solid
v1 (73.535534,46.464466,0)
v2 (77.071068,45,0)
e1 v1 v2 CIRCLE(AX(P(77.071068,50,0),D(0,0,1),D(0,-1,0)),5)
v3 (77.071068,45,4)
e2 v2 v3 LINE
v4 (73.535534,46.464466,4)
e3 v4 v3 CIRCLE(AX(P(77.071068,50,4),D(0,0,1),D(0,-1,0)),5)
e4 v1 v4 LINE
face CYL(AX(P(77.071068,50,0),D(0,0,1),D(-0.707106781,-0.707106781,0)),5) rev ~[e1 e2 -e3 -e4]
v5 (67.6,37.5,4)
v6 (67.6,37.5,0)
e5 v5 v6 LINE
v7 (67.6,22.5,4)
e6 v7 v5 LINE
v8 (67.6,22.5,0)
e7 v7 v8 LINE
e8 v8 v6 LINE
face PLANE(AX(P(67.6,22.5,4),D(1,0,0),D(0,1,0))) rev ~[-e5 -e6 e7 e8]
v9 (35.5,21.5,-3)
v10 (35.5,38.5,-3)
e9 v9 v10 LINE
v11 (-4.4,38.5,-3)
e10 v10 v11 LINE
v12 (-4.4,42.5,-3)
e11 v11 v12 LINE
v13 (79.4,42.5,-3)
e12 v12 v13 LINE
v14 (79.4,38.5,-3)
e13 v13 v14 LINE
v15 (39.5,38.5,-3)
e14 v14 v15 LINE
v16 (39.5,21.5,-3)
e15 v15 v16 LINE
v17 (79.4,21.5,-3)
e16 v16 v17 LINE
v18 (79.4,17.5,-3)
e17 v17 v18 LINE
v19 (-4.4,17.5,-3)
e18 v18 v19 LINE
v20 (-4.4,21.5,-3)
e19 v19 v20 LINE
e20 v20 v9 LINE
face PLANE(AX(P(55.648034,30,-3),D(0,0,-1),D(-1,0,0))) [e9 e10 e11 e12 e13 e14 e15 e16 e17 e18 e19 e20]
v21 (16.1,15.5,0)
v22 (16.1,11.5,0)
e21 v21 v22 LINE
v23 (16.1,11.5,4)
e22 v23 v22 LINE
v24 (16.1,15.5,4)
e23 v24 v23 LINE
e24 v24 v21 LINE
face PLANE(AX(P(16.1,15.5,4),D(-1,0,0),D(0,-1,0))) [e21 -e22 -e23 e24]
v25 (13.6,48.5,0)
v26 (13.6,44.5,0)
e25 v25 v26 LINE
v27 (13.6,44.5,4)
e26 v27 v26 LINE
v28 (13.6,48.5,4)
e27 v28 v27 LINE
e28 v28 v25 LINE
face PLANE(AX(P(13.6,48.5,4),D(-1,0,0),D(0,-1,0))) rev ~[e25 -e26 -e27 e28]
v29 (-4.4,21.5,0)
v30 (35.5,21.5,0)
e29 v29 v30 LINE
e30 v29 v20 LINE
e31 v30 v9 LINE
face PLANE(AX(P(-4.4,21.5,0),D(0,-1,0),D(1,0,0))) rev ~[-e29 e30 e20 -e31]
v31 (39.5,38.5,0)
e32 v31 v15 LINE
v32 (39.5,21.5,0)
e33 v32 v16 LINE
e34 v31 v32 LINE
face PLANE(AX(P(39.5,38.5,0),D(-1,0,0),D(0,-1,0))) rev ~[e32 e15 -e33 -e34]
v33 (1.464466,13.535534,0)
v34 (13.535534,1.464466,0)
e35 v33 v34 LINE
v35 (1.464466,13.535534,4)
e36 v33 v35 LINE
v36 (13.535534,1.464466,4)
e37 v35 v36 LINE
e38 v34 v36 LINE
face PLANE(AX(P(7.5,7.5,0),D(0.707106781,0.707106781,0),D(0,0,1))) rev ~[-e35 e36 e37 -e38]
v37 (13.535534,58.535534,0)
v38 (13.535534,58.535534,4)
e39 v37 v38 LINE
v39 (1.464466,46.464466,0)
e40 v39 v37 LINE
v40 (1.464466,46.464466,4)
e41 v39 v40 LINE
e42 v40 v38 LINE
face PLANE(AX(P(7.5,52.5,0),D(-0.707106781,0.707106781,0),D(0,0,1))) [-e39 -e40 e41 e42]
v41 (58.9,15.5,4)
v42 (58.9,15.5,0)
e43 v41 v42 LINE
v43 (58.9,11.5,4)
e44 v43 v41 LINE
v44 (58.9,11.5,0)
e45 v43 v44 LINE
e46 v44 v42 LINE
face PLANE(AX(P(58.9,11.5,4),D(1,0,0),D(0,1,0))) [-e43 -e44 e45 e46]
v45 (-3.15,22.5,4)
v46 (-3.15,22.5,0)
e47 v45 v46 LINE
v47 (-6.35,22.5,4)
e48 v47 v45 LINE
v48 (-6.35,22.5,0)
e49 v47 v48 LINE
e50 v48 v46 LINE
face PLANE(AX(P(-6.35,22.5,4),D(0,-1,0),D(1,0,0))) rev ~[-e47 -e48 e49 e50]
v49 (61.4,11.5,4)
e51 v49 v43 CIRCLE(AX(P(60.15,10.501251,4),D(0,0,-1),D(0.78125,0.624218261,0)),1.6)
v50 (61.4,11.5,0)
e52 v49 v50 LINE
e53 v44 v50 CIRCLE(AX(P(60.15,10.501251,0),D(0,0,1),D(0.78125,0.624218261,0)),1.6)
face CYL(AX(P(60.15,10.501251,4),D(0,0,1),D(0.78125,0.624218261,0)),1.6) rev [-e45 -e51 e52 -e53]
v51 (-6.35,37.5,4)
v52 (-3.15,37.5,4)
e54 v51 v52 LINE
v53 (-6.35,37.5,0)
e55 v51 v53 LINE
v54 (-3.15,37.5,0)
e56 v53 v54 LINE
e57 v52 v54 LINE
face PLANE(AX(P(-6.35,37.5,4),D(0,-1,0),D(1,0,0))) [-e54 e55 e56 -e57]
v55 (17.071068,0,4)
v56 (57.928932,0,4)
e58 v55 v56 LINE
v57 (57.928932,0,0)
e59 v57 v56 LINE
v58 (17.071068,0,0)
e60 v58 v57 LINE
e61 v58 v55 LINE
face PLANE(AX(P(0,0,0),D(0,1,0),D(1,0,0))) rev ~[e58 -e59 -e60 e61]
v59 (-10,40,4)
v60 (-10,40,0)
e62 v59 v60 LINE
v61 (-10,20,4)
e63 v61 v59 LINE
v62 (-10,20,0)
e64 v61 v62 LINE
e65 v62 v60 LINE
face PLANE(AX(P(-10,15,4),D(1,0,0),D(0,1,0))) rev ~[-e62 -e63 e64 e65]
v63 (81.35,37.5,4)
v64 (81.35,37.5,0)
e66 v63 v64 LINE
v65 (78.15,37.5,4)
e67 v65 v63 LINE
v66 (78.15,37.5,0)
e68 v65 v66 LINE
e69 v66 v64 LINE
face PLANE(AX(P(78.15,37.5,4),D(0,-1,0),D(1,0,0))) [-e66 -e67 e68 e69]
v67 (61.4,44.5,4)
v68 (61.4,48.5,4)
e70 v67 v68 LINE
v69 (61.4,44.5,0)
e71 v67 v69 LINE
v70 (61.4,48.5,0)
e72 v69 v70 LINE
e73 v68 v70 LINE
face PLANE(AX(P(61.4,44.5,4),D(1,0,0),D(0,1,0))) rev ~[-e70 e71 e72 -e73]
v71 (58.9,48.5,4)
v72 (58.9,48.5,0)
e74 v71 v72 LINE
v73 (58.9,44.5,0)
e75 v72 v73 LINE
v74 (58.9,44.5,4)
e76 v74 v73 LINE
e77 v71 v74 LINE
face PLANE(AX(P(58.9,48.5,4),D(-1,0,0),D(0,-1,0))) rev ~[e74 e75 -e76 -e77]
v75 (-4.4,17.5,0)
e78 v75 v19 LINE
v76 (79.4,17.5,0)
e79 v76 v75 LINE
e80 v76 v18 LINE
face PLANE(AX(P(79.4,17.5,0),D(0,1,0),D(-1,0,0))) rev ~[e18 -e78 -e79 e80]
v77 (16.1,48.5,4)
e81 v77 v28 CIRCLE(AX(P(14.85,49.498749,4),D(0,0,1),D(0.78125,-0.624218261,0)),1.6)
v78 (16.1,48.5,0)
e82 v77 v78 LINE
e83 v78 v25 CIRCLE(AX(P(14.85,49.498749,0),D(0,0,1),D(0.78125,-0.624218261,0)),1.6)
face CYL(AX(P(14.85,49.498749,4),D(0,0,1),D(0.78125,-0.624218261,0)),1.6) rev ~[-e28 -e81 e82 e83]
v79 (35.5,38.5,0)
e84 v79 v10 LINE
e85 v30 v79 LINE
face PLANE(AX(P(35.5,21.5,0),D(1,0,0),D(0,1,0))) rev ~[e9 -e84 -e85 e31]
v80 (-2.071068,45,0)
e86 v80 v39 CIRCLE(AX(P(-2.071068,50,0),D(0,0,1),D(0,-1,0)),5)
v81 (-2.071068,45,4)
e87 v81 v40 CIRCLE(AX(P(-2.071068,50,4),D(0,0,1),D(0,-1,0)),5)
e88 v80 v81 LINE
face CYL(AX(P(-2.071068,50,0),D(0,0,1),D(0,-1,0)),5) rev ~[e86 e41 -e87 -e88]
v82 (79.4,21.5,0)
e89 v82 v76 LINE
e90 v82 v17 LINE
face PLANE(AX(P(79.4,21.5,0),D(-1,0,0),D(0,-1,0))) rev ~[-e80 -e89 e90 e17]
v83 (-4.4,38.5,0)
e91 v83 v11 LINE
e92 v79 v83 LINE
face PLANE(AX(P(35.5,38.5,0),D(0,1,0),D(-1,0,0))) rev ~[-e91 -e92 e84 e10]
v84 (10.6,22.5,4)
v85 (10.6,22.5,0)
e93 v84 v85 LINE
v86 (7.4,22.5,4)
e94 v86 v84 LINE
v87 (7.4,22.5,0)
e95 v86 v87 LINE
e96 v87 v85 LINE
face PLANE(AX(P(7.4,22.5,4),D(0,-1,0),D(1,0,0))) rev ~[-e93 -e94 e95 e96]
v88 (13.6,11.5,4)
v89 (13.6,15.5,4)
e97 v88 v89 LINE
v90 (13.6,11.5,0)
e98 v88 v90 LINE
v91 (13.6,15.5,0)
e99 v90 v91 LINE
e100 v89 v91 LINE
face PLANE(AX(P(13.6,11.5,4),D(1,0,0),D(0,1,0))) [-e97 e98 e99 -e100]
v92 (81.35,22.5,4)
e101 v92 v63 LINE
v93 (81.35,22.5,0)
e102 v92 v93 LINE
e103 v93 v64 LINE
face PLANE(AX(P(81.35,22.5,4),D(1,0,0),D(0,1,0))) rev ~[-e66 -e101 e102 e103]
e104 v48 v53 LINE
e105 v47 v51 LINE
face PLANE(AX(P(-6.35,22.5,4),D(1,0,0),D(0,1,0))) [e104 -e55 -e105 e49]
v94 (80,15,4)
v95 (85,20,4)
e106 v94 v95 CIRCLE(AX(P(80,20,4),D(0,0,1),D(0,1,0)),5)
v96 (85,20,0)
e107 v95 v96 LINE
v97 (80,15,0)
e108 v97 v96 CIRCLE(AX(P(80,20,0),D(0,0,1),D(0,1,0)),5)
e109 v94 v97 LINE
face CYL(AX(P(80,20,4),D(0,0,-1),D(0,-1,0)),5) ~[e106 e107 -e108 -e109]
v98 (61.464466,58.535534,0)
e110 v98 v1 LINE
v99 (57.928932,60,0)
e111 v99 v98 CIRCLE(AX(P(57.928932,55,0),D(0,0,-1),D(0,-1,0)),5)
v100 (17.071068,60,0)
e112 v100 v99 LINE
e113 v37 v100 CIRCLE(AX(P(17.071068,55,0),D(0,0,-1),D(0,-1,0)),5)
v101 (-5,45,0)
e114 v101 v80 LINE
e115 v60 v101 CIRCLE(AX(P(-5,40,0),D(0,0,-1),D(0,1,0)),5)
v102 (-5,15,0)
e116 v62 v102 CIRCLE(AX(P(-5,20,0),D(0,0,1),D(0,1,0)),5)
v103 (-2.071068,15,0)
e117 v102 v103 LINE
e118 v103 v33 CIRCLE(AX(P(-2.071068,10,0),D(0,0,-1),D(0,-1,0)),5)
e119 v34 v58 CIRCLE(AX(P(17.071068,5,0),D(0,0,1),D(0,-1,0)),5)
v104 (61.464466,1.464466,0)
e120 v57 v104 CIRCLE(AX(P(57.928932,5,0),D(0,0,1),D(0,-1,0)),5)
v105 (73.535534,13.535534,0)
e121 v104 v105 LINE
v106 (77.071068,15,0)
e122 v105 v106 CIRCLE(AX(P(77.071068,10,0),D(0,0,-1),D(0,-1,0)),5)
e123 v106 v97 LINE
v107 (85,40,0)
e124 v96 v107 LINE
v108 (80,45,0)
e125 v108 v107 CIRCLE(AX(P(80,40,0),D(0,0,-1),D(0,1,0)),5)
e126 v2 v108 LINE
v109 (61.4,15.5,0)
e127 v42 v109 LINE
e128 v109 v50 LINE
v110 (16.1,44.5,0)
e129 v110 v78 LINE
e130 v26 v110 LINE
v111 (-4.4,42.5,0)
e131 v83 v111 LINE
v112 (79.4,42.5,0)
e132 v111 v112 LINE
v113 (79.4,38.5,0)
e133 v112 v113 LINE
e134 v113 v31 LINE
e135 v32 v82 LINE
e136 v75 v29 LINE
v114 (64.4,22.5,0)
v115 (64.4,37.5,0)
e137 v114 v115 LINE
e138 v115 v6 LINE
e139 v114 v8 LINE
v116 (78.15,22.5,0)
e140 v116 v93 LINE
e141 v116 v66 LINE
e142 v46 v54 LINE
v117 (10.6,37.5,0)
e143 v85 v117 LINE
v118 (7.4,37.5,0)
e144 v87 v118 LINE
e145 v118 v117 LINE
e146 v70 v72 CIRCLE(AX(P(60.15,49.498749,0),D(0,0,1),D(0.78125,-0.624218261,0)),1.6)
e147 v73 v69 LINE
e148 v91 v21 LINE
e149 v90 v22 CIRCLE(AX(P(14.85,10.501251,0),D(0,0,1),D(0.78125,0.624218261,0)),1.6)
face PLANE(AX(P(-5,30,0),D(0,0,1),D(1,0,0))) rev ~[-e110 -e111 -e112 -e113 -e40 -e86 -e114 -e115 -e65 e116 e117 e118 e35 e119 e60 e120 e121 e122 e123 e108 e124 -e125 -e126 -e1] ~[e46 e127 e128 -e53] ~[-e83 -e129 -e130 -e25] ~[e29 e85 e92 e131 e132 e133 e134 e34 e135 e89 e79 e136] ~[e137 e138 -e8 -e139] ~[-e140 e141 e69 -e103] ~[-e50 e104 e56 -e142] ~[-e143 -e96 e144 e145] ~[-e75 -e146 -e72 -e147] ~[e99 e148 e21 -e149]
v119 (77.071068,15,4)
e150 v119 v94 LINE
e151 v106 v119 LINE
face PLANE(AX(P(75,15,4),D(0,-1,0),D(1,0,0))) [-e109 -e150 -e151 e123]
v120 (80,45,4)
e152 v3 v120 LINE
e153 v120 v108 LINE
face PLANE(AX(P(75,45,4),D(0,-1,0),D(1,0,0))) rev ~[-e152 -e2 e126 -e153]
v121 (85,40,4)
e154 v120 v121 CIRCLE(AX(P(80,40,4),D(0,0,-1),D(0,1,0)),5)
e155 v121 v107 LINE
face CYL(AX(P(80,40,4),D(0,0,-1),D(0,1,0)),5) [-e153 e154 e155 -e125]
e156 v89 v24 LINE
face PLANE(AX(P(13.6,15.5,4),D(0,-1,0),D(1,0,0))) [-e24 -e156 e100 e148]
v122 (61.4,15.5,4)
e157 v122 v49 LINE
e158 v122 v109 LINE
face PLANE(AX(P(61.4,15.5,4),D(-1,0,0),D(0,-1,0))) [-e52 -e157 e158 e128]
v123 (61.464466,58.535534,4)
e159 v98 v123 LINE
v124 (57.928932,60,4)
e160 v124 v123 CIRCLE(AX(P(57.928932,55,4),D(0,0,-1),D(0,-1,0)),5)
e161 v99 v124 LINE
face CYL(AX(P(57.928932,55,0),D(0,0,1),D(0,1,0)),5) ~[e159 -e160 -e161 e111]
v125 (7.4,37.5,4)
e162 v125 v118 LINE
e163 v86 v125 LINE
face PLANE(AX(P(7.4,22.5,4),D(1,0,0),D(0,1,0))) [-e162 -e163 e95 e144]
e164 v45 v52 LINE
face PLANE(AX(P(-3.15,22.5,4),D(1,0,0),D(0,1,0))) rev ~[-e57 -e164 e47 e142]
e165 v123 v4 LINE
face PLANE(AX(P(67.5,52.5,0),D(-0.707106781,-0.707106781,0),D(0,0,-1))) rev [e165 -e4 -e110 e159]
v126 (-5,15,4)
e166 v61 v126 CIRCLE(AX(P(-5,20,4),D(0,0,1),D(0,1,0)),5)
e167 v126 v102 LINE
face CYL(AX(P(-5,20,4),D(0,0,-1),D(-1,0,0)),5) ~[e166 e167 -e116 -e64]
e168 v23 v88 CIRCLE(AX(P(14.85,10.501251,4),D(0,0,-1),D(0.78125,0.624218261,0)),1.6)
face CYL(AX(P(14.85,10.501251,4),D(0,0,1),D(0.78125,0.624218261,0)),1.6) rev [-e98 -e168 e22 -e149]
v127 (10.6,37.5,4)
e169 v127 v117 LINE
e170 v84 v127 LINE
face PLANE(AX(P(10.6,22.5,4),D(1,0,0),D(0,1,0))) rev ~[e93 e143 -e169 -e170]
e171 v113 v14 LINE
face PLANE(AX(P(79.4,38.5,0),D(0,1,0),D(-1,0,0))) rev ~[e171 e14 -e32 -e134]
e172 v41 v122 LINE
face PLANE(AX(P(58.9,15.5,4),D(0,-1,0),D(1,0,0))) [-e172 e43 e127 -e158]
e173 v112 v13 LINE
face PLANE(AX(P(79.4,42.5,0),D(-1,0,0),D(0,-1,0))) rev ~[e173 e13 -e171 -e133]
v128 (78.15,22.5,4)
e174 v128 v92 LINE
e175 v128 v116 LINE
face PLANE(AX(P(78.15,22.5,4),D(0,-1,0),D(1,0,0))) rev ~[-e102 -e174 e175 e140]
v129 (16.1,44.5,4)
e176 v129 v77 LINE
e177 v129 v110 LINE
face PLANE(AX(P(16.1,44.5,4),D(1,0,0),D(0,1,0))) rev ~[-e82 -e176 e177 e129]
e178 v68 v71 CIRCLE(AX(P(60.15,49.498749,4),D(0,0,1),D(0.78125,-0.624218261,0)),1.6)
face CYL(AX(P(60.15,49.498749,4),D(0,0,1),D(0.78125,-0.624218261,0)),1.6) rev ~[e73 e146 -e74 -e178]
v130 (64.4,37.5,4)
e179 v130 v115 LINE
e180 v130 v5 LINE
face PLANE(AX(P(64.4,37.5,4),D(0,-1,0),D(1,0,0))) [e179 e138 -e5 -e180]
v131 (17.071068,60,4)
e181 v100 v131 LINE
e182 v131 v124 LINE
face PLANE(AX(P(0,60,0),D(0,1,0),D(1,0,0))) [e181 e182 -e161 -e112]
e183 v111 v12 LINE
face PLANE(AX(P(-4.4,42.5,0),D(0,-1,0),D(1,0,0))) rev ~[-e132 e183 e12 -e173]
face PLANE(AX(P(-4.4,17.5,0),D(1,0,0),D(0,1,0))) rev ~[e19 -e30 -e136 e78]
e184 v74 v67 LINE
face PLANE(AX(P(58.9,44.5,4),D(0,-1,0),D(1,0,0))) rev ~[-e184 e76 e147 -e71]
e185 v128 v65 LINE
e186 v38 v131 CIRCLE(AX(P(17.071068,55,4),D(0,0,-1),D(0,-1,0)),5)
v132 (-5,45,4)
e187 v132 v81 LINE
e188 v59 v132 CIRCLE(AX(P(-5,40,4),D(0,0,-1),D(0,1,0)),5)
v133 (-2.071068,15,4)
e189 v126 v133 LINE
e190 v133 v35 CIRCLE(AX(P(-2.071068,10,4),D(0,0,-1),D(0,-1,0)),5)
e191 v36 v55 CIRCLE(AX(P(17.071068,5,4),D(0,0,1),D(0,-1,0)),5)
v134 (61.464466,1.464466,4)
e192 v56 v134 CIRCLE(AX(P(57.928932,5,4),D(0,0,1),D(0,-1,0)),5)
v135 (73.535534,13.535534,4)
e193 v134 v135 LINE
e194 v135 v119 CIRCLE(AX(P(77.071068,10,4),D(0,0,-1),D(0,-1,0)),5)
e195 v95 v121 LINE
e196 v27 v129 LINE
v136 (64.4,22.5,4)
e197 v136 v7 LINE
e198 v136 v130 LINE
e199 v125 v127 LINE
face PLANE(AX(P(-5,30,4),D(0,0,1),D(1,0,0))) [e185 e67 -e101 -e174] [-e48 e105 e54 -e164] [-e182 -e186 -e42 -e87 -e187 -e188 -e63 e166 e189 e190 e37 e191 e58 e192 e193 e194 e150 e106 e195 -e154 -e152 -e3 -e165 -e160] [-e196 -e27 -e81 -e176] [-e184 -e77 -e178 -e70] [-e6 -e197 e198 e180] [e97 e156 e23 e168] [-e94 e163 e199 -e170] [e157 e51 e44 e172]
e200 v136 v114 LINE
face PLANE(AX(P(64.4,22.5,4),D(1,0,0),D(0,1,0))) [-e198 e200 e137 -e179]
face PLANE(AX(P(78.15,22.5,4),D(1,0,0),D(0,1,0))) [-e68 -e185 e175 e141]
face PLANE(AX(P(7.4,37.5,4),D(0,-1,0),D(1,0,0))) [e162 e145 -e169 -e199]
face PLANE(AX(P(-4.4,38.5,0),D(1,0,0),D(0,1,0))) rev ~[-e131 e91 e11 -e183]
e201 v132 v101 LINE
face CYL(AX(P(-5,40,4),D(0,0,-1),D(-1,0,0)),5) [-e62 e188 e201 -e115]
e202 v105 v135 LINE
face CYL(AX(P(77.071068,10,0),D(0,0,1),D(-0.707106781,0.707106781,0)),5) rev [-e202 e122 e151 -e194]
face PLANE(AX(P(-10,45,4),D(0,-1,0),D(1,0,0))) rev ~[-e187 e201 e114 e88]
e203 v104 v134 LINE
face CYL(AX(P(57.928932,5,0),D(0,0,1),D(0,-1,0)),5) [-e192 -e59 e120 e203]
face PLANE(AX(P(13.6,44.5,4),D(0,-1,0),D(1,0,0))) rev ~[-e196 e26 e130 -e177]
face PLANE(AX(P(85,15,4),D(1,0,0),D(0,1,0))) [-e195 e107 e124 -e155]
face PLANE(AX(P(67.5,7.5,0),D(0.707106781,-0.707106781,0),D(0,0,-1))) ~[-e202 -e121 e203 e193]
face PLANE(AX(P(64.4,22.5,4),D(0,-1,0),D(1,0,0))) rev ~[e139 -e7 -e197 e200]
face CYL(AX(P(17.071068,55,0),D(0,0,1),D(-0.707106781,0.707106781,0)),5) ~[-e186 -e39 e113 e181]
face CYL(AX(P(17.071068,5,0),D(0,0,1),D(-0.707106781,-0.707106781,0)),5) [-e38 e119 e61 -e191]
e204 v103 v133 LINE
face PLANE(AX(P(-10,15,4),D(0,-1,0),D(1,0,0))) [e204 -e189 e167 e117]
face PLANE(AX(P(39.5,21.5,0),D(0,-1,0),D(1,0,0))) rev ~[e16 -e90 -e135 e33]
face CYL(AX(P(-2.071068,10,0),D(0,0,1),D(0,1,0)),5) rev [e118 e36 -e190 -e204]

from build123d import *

# Parameters (mm, degrees)
SKETCH_1_W          = 75
SKETCH_1_H          = 60
EXTRUDE_1_DEPTH     = 4
SKETCH_2_W          = 3.2
SKETCH_2_H          = 15
CUT_EXTRUDE_1_DEPTH = 97.13012015
CUT_EXTRUDE_2_DEPTH = 97.13012015
CHAMFER_1_SIZE      = 15
SKETCH_7_W          = 10
SKETCH_7_H          = 30
EXTRUDE_3_DEPTH     = 4
SKETCH_8_W          = 3.2
SKETCH_8_H          = 15
CUT_EXTRUDE_5_DEPTH = 105.120122935
FILLET_1_R          = 5
EXTRUDE_2_DEPTH     = 3


with BuildPart() as part:
    # 草图1 → 凸台-拉伸1 (new body)
    with BuildSketch(Plane.XY):
        with Locations((37.5, 30)):
            Rectangle(SKETCH_1_W, SKETCH_1_H)
    extrude(amount=EXTRUDE_1_DEPTH)

    # 草图2 → 切除-拉伸1 (cut, through all)
    with BuildSketch(Plane.XY.offset(4)):
        with Locations((66, 30)):
            Rectangle(SKETCH_2_W, SKETCH_2_H)
        with Locations((9, 30)):
            Rectangle(SKETCH_2_W, SKETCH_2_H)
    extrude(amount=-CUT_EXTRUDE_1_DEPTH, mode=Mode.SUBTRACT)

    # 草图3 → 切除-拉伸2 (cut, through all)
    with BuildSketch(Plane.XY.offset(4)):
        with BuildLine():
            Line((58.9, 48.5), (58.9, 44.5))
            Line((58.9, 44.5), (61.4, 44.5))
            Line((61.4, 44.5), (61.4, 48.5))
            ThreePointArc((61.4, 48.5), (60.15, 51.098749218), (58.9, 48.5))
        make_face()
        with BuildLine():
            Line((58.9, 15.5), (61.4, 15.5))
            Line((61.4, 15.5), (61.4, 11.5))
            ThreePointArc((61.4, 11.5), (60.15, 8.901250782), (58.9, 11.5))
            Line((58.9, 11.5), (58.9, 15.5))
        make_face()
        with BuildLine():
            Line((16.1, 15.5), (16.1, 11.5))
            ThreePointArc((16.1, 11.5), (14.85, 8.901250782), (13.6, 11.5))
            Line((13.6, 11.5), (13.6, 15.5))
            Line((13.6, 15.5), (16.1, 15.5))
        make_face()
        with BuildLine():
            Line((13.6, 48.5), (13.6, 44.5))
            Line((13.6, 44.5), (16.1, 44.5))
            Line((16.1, 44.5), (16.1, 48.5))
            ThreePointArc((16.1, 48.5), (14.85, 51.098749218), (13.6, 48.5))
        make_face()
    extrude(amount=-CUT_EXTRUDE_2_DEPTH, mode=Mode.SUBTRACT)

    # 倒角1
    chamfer_1_edges = [part.edges().sort_by_distance(p)[0] for p in [
        (0, 60, 2),
        (75, 60, 2),
        (75, 0, 2),
        (0, 0, 2),
    ]]
    chamfer(chamfer_1_edges, length=CHAMFER_1_SIZE)

    # 草图7 → 凸台-拉伸3 (add)
    with BuildSketch(Plane.XY.offset(4)):
        with Locations((-5, 30)):
            Rectangle(SKETCH_7_W, SKETCH_7_H)
        with Locations((80, 30)):
            Rectangle(SKETCH_7_W, SKETCH_7_H)
    extrude(amount=-EXTRUDE_3_DEPTH)

    # 草图8 → 切除-拉伸5 (cut, through all)
    with BuildSketch(Plane.XY.offset(4)):
        with Locations((79.75, 30)):
            Rectangle(SKETCH_8_W, SKETCH_8_H)
        with Locations((-4.75, 30)):
            Rectangle(SKETCH_8_W, SKETCH_8_H)
    extrude(amount=-CUT_EXTRUDE_5_DEPTH, mode=Mode.SUBTRACT)

    # 圆角1
    fillet_1_edges = [part.edges().sort_by_distance(p)[0] for p in [
        (0, 15, 2),
        (0, 45, 2),
        (60, 60, 2),
        (15, 60, 2),
        (75, 45, 2),
        (75, 15, 2),
        (15, 0, 2),
        (60, 0, 2),
        (-10, 45, 2),
        (-10, 15, 2),
        (85, 15, 2),
        (85, 45, 2),
    ]]
    fillet(fillet_1_edges, radius=FILLET_1_R)

    # 草图5 → 凸台-拉伸2 (add)
    with BuildSketch(Plane(origin=(0, 0, 0), x_dir=(-1, 0, 0), z_dir=(0, 0, -1))):
        Polygon((-37.5, 42.5), (-79.4, 42.5), (-79.4, 38.5), (-39.5, 38.5), (-39.5, 21.5), (-79.4, 21.5), (-79.4, 17.5), (-37.5, 17.5), align=None)
        Polygon((4.4, 42.5), (-37.5, 42.5), (-37.5, 17.5), (4.4, 17.5), (4.4, 21.5), (-35.5, 21.5), (-35.5, 38.5), (4.4, 38.5), align=None)
    extrude(amount=EXTRUDE_2_DEPTH)


solid = part.part
